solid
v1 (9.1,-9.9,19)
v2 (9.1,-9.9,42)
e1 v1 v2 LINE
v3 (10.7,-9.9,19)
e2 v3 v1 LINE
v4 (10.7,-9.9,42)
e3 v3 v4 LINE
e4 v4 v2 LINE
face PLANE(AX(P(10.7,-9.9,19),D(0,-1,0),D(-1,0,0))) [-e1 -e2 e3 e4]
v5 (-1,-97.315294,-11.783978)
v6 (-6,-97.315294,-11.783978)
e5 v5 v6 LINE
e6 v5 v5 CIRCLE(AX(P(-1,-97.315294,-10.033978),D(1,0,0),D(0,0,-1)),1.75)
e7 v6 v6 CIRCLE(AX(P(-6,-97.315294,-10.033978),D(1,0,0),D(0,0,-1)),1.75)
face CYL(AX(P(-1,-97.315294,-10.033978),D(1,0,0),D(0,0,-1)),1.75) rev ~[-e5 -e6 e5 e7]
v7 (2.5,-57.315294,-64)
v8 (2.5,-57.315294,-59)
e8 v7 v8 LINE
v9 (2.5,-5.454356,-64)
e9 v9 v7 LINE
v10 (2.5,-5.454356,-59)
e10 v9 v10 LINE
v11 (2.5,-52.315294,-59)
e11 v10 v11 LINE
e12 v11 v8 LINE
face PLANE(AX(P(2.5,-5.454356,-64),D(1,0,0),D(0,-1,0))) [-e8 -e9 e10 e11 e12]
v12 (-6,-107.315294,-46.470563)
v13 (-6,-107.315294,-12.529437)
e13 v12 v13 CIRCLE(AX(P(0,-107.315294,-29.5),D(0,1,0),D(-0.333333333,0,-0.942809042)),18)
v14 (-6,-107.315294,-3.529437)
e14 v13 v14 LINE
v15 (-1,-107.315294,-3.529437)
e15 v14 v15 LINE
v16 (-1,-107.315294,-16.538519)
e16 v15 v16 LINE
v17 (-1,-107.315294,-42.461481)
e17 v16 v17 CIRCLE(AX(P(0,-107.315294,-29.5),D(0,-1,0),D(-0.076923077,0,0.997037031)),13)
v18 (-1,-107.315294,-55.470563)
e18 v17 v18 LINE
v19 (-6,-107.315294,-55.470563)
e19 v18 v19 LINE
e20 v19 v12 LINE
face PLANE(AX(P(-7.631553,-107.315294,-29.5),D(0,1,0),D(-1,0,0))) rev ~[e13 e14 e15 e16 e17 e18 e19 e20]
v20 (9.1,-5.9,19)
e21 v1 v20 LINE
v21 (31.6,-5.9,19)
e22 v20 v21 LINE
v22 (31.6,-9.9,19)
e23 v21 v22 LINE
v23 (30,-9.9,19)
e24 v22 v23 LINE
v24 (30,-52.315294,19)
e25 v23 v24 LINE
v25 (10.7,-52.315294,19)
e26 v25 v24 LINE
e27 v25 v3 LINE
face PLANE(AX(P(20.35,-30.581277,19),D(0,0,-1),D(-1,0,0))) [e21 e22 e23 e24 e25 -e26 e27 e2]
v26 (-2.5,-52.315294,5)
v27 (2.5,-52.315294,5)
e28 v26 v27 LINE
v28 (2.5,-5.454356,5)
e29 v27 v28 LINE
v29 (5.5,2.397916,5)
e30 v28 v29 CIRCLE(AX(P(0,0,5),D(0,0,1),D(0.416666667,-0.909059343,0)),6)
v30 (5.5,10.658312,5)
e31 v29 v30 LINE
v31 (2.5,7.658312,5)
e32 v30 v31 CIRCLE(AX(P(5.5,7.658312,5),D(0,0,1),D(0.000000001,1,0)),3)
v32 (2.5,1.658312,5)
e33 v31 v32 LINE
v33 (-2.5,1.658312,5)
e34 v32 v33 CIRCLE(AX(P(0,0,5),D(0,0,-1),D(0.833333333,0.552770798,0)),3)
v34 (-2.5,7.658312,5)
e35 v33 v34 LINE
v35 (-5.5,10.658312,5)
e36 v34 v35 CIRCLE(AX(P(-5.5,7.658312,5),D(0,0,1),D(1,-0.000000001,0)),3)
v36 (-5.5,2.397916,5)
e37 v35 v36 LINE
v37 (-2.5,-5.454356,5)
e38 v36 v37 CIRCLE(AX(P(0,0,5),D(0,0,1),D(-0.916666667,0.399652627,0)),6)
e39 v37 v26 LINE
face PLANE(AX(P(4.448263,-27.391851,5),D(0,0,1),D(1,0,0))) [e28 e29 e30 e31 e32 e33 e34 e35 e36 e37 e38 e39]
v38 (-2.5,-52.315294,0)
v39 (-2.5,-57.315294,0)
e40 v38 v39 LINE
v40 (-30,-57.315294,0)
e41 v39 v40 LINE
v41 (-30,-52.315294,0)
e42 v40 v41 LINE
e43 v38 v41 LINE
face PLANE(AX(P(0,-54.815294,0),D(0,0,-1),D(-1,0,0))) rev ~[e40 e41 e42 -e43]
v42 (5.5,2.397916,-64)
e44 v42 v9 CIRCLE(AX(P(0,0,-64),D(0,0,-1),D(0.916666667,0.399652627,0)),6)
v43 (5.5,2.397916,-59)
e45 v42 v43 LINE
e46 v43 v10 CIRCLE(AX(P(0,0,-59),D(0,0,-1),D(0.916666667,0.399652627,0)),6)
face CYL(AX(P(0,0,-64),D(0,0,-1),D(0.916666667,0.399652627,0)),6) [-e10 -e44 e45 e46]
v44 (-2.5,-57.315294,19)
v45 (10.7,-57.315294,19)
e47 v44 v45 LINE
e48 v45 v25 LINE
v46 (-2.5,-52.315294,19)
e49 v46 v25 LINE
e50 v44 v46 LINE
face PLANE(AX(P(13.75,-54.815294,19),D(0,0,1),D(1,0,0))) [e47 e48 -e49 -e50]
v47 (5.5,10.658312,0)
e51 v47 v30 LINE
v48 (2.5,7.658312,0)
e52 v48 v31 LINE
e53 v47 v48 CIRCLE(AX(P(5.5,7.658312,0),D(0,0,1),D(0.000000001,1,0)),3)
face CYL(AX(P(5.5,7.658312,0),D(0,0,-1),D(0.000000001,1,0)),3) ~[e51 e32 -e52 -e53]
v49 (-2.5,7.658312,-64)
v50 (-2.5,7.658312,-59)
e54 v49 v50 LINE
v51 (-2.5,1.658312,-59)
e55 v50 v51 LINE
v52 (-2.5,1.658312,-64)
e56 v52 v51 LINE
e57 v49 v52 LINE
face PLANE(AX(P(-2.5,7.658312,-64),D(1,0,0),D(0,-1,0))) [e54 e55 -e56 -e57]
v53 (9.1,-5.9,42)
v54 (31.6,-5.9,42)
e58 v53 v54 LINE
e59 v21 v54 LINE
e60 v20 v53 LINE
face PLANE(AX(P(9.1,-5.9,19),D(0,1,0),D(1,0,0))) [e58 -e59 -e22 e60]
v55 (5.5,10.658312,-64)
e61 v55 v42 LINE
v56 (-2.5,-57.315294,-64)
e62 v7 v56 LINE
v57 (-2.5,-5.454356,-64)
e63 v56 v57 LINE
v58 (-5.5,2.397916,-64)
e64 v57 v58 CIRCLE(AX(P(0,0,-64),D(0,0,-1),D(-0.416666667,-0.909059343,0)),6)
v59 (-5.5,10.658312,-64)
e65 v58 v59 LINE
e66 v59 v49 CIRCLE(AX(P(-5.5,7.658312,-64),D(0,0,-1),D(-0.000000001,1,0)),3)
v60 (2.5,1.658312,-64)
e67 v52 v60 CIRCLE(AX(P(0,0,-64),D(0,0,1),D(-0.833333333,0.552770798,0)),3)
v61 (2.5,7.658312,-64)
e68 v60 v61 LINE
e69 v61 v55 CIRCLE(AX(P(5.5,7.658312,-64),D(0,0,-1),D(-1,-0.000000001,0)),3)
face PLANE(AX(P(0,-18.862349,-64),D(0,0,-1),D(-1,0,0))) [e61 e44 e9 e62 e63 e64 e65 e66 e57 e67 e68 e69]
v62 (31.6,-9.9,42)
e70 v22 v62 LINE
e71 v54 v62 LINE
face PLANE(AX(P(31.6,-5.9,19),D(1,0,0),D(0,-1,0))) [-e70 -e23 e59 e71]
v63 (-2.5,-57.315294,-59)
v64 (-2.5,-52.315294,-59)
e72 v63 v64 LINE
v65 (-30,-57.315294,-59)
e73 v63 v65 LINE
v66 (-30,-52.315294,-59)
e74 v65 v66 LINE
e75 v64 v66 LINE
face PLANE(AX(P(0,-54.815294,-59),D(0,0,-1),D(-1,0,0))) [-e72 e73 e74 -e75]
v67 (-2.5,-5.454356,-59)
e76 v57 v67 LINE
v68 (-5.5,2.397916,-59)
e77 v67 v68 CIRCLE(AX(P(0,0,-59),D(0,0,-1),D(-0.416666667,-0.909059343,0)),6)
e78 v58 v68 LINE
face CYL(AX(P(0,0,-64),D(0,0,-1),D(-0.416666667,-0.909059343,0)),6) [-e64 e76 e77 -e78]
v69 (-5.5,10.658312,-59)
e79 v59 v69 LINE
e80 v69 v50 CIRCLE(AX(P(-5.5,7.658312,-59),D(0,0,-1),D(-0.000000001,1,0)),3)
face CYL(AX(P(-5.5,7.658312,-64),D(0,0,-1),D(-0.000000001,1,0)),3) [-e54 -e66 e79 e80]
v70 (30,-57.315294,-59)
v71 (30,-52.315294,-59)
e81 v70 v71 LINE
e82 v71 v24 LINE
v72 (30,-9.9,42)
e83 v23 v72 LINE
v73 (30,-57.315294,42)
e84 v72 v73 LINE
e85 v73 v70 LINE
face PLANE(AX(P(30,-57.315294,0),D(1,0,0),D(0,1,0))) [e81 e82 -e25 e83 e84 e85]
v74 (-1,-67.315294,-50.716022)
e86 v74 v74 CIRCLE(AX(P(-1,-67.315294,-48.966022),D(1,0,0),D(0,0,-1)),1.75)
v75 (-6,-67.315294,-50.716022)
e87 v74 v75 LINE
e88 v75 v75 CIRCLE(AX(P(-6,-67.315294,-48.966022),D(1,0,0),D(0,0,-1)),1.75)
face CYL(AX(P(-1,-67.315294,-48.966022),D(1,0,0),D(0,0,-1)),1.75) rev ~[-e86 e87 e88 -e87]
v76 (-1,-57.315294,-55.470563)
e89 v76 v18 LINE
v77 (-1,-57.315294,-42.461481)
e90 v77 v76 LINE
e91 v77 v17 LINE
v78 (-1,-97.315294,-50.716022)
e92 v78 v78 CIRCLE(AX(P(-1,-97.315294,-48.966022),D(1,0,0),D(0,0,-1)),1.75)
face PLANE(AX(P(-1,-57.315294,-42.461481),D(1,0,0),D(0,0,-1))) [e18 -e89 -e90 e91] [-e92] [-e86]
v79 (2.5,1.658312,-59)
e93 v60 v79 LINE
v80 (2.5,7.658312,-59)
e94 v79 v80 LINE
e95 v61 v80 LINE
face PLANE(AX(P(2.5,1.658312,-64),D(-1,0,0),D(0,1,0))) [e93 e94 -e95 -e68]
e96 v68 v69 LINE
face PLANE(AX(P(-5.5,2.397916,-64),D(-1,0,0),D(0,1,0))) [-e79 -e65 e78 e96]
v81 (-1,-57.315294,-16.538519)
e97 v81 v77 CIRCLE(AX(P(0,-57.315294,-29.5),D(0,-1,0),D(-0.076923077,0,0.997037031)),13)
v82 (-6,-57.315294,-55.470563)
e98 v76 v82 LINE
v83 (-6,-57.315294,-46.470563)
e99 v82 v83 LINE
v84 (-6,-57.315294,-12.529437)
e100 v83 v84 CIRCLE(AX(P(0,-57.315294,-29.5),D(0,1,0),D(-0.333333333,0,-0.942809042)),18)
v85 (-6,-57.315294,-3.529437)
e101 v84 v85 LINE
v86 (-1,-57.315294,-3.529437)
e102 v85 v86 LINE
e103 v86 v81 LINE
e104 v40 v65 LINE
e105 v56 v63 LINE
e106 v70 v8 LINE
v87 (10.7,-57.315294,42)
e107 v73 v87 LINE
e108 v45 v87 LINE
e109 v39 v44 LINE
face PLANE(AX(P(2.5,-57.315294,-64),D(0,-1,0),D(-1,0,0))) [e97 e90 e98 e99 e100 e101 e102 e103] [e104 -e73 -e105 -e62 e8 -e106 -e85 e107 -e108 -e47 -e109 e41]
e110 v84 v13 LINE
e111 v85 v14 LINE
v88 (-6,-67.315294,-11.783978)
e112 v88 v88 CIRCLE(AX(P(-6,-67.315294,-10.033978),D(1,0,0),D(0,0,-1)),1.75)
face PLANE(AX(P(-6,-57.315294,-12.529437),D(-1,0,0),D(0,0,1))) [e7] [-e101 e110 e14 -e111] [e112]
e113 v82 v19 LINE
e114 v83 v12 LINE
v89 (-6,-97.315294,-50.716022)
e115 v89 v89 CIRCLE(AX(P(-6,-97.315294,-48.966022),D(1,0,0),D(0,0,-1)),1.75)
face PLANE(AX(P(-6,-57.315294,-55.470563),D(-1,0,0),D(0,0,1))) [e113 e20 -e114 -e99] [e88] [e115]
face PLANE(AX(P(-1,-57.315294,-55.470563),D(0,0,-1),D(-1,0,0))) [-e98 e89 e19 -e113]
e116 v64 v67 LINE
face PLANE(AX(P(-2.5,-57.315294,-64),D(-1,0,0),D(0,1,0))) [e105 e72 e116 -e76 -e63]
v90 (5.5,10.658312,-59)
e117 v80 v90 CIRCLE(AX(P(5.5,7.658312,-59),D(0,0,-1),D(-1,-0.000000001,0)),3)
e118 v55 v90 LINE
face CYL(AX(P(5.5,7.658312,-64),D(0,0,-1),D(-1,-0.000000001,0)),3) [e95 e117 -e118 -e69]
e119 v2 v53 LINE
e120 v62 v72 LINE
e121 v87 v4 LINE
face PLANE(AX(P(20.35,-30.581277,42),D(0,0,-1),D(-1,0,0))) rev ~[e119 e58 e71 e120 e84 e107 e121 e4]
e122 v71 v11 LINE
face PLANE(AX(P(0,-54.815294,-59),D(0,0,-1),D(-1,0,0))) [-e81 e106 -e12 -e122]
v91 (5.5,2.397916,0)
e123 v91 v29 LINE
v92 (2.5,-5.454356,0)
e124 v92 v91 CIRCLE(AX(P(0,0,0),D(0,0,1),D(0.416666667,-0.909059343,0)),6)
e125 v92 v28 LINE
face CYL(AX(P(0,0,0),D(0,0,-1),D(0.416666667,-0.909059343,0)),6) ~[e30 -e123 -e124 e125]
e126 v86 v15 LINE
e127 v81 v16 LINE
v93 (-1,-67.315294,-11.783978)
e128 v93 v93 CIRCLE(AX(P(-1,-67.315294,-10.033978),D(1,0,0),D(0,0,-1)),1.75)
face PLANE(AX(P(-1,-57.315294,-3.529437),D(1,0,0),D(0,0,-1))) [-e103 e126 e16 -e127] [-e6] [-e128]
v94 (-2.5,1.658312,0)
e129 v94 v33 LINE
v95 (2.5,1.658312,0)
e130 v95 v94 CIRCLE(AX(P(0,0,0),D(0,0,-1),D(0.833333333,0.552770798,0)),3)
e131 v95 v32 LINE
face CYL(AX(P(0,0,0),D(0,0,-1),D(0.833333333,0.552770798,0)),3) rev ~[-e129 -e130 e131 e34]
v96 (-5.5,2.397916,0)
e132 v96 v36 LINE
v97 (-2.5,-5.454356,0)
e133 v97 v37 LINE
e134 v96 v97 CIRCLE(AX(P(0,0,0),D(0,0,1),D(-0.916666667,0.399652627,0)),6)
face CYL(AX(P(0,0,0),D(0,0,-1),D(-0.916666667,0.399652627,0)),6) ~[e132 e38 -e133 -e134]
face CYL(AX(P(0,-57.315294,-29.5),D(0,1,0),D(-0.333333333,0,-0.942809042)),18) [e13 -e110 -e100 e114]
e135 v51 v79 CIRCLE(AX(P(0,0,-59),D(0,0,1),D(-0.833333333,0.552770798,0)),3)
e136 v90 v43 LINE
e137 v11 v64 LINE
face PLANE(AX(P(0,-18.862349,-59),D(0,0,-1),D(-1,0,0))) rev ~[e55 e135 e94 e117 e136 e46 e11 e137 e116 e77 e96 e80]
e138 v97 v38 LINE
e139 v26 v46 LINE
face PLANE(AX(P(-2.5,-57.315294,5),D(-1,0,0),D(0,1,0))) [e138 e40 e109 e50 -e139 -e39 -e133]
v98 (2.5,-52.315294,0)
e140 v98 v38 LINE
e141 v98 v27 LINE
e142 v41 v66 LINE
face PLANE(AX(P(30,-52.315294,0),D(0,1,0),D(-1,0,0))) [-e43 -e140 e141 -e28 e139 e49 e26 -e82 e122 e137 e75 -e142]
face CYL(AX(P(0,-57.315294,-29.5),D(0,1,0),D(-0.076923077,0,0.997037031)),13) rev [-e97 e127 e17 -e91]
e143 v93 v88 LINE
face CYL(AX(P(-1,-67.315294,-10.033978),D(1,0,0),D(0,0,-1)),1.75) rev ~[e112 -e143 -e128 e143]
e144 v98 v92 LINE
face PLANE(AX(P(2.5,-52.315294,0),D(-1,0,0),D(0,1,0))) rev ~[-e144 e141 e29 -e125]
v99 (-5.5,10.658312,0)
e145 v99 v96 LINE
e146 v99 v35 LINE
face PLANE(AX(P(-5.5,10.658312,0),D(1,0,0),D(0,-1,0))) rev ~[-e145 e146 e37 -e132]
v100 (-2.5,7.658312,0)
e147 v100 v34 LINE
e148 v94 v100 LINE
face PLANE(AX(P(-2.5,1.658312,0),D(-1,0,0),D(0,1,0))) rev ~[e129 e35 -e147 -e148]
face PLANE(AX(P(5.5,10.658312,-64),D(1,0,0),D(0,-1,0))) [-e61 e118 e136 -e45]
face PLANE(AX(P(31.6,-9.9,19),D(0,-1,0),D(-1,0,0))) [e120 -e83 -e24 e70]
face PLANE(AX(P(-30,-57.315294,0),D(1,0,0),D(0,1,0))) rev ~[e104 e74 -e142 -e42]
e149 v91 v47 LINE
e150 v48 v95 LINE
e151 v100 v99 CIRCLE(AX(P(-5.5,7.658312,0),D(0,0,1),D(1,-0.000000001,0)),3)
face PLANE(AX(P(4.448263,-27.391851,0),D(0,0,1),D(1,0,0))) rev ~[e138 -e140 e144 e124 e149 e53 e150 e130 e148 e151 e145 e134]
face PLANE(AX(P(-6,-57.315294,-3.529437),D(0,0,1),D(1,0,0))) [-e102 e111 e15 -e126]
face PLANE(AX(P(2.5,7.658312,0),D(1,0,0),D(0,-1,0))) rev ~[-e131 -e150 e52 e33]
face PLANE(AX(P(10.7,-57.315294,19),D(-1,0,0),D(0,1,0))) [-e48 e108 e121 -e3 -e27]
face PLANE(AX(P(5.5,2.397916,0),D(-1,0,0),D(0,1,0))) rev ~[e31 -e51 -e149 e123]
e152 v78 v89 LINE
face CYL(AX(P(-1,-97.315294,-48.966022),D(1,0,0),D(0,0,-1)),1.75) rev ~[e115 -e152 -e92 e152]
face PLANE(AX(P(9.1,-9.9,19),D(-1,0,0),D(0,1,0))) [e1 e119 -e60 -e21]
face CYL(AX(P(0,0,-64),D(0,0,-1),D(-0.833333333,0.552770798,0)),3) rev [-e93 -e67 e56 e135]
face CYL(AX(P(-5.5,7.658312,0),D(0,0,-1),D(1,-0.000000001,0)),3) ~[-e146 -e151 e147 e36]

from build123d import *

# Parameters (mm, degrees)
BOSS_EXTRUDE1_DEPTH = 5
SKETCH2_W           = 32.5
SKETCH2_H           = 5
BOSS_EXTRUDE2_DEPTH = 14
BOSS_EXTRUDE3_DEPTH = 23
SKETCH4_W           = 60
SKETCH4_H           = 5
BOSS_EXTRUDE4_DEPTH = 59
BOSS_EXTRUDE5_START = 5
BOSS_EXTRUDE5_DEPTH = 5
BOSS_EXTRUDE6_DEPTH = 50
SKETCH7_R           = 1.75
CUT_EXTRUDE1_DEPTH  = 130.133002576


with BuildPart() as part:
    # Sketch1 → Boss-Extrude1 (new body)
    with BuildSketch(Plane.XY):
        with BuildLine():
            Line((-2.5, -5.454356057), (-2.5, -57.315294131))
            Line((-2.5, -57.315294131), (30, -57.315294131))
            Line((30, -57.315294131), (30, -52.315294131))
            Line((30, -52.315294131), (2.5, -52.315294131))
            Line((2.5, -52.315294131), (2.5, -5.454356057))
            ThreePointArc((2.5, -5.454356057), (5.604867811, -2.141367979), (5.5, 2.397915762))
            Line((5.5, 2.397915762), (5.5, 10.658312395))
            ThreePointArc((5.5, 10.658312395), (3.378679656, 9.779632739), (2.5, 7.658312395))
            Line((2.5, 7.658312395), (2.5, 1.658312395))
            ThreePointArc((2.5, 1.658312395), (0, -3), (-2.5, 1.658312395))
            Line((-2.5, 1.658312395), (-2.5, 7.658312395))
            ThreePointArc((-2.5, 7.658312395), (-3.378679656, 9.779632739), (-5.5, 10.658312395))
            Line((-5.5, 10.658312395), (-5.5, 2.397915762))
            ThreePointArc((-5.5, 2.397915762), (-5.604867811, -2.141367979), (-2.5, -5.454356057))
        make_face()
    extrude(amount=BOSS_EXTRUDE1_DEPTH)

    # Sketch2 → Boss-Extrude2 (add)
    with BuildSketch(Plane.XY.offset(5)):
        with Locations((13.75, -54.815294131)):
            Rectangle(SKETCH2_W, SKETCH2_H)
    extrude(amount=BOSS_EXTRUDE2_DEPTH)

    # Sketch3 → Boss-Extrude3 (add)
    with BuildSketch(Plane.XY.offset(19)):
        Polygon((10.7, -57.315294131), (10.7, -9.9), (9.1, -9.9), (9.1, -5.9), (31.6, -5.9), (31.6, -9.9), (30, -9.9), (30, -57.315294131), align=None)
    extrude(amount=BOSS_EXTRUDE3_DEPTH)

    # Sketch4 → Boss-Extrude4 (add)
    with BuildSketch(Plane(origin=(0, 0, 0), x_dir=(-1, 0, 0), z_dir=(0, 0, -1))):
        with Locations((0, -54.815294131)):
            Rectangle(SKETCH4_W, SKETCH4_H)
    extrude(amount=BOSS_EXTRUDE4_DEPTH)

    # Sketch5 → Boss-Extrude5 (add)
    with BuildSketch(Plane(origin=(0, 0, -59), x_dir=(-1, 0, 0), z_dir=(0, 0, -1)).offset(BOSS_EXTRUDE5_START)):
        with BuildLine():
            Line((-2.5, -57.315294131), (2.5, -57.315294131))
            Line((2.5, -57.315294131), (2.5, -5.454356057))
            ThreePointArc((2.5, -5.454356057), (5.604867811, -2.141367979), (5.5, 2.397915762))
            Line((5.5, 2.397915762), (5.5, 10.658312395))
            ThreePointArc((5.5, 10.658312395), (3.378679656, 9.779632739), (2.5, 7.658312395))
            Line((2.5, 7.658312395), (2.5, 1.658312395))
            ThreePointArc((2.5, 1.658312395), (0, -3), (-2.5, 1.658312395))
            Line((-2.5, 1.658312395), (-2.5, 7.658312395))
            ThreePointArc((-2.5, 7.658312395), (-3.378679656, 9.779632739), (-5.5, 10.658312395))
            Line((-5.5, 10.658312395), (-5.5, 2.397915762))
            ThreePointArc((-5.5, 2.397915762), (-5.604867811, -2.141367979), (-2.5, -5.454356057))
            Line((-2.5, -5.454356057), (-2.5, -57.315294131))
        make_face()
    extrude(amount=-BOSS_EXTRUDE5_DEPTH)

    # Sketch6 → Boss-Extrude6 (add)
    with BuildSketch(Plane.XZ.offset(57.315294131)):
        with BuildLine():
            Line((-1, -3.529437252), (-1, -16.538518603))
            ThreePointArc((-1, -16.538518603), (-13, -29.5), (-1, -42.461481397))
            Line((-1, -42.461481397), (-1, -55.470562748))
            Line((-1, -55.470562748), (-6, -55.470562748))
            Line((-6, -55.470562748), (-6, -46.470562748))
            ThreePointArc((-6, -46.470562748), (-18, -29.5), (-6, -12.529437252))
            Line((-6, -12.529437252), (-6, -3.529437252))
            Line((-6, -3.529437252), (-1, -3.529437252))
        make_face()
    extrude(amount=BOSS_EXTRUDE6_DEPTH)

    # Sketch7 → Cut-Extrude1 (cut, through all)
    with BuildSketch(Plane(origin=(-1, 0, 0), x_dir=(0, 0, -1), z_dir=(1, 0, 0))):
        with Locations((10.033977927, -67.315294131)):
            Circle(SKETCH7_R)
        with Locations((10.033977927, -97.315294131)):
            Circle(SKETCH7_R)
        with Locations((48.966022073, -97.315294131)):
            Circle(SKETCH7_R)
        with Locations((48.966022073, -67.315294131)):
            Circle(SKETCH7_R)
    extrude(amount=-CUT_EXTRUDE1_DEPTH, mode=Mode.SUBTRACT)


solid = part.part
